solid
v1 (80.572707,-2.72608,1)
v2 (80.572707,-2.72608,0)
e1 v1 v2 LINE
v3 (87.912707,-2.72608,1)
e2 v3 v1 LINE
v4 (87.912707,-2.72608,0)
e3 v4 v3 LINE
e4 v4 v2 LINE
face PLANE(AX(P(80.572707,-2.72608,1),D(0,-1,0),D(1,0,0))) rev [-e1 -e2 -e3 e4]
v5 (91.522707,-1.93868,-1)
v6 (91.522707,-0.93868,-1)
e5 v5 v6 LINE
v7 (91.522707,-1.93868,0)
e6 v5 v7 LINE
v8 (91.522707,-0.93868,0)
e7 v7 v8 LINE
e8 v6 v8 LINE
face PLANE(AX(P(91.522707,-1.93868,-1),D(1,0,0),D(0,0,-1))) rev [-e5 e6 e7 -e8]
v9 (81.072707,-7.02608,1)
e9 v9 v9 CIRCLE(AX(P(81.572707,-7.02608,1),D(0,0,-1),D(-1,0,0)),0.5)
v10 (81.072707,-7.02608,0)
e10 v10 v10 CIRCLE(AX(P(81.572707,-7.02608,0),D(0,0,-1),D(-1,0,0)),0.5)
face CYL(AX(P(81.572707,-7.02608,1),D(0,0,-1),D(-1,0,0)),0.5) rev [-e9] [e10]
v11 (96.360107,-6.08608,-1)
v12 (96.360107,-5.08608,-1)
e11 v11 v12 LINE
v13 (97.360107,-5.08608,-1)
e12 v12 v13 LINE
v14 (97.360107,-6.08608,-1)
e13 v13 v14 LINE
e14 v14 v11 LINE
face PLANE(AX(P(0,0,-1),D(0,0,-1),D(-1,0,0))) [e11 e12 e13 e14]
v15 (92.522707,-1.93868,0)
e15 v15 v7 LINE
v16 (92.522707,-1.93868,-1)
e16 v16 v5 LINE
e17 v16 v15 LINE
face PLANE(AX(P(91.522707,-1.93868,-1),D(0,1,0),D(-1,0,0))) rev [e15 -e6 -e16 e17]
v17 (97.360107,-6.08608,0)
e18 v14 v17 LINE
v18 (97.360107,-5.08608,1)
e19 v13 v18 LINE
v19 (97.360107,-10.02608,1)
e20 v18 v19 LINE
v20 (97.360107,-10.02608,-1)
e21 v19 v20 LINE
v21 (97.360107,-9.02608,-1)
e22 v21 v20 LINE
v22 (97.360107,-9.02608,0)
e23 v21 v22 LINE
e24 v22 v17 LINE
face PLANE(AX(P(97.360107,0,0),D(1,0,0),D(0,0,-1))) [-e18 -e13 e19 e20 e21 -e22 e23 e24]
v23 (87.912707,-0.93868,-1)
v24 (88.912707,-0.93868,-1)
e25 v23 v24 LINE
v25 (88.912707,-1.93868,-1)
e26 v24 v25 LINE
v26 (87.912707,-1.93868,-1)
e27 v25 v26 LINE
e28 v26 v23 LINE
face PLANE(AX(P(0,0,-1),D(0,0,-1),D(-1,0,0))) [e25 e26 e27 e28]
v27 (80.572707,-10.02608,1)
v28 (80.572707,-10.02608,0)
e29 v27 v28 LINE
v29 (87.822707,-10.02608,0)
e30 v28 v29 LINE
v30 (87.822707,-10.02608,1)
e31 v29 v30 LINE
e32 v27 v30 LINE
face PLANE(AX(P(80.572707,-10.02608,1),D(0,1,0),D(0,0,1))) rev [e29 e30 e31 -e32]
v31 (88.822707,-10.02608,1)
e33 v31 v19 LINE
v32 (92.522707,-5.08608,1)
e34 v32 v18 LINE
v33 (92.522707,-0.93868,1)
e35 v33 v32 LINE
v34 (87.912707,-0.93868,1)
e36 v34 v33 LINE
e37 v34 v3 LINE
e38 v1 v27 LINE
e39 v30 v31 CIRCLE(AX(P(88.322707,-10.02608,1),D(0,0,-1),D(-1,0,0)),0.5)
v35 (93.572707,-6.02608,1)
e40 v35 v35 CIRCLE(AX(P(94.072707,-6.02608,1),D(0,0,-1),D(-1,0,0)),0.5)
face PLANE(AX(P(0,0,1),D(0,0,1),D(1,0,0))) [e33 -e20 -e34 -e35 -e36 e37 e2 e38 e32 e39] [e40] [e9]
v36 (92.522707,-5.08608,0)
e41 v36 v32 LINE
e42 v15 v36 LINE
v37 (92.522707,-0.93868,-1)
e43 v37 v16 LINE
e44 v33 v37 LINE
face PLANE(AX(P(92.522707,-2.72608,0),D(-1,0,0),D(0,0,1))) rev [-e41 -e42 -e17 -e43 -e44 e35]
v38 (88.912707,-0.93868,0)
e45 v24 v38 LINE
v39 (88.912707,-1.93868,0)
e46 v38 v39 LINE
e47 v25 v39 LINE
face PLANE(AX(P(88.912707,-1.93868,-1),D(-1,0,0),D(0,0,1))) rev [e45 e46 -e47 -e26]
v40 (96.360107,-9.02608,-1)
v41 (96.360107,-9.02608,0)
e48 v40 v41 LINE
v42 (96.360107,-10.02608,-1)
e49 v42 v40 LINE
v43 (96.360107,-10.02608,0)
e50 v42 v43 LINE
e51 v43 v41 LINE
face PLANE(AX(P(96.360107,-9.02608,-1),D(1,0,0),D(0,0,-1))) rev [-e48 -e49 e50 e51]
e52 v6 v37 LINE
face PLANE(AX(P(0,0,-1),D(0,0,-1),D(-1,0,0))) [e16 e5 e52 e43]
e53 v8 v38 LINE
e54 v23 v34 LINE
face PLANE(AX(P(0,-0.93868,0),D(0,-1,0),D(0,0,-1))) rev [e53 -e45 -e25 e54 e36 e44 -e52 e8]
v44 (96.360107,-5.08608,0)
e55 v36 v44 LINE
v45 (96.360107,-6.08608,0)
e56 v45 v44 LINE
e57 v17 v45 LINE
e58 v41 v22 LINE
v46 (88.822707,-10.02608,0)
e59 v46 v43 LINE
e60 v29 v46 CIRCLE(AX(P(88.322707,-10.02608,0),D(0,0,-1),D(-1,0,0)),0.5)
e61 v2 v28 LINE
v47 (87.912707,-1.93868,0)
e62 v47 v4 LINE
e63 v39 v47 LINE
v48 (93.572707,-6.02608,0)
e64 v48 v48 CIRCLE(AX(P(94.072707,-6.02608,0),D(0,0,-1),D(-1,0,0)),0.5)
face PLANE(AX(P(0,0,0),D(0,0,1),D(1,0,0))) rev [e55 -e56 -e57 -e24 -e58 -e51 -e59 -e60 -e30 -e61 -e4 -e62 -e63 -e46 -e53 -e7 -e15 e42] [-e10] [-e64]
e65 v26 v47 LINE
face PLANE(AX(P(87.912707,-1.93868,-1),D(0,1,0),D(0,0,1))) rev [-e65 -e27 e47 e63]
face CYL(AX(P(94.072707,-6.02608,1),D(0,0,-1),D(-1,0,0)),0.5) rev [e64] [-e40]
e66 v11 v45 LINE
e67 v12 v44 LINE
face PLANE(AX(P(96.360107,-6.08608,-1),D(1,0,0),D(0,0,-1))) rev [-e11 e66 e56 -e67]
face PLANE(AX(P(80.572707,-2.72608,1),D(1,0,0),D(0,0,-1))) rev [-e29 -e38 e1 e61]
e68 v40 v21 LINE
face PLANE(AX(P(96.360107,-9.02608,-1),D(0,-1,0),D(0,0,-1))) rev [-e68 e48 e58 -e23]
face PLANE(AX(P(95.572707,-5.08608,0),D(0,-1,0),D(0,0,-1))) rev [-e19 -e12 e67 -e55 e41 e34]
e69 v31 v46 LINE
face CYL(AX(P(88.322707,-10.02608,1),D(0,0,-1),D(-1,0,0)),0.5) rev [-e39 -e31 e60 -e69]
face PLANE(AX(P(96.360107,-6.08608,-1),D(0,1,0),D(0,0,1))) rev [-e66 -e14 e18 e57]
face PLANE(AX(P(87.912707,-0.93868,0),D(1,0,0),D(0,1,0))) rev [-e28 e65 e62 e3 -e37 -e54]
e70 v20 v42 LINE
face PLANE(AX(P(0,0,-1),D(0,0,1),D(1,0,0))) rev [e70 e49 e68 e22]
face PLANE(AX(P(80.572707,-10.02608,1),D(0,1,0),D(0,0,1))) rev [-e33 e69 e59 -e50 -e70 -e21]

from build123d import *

# Parameters (mm, degrees)
SKETCH1_W            = 15
SKETCH1_H            = 7.3
BOSS_EXTRUDE1_DEPTH  = 1
SKETCH2_W            = 3.05
SKETCH2_H            = 2.36
CUT_EXTRUDE1_DEPTH   = 1
SKETCH5_W            = 1
SKETCH5_H            = 4.94
ENGTH_EXTRUDE_DEPTH  = 1.7874
SKETCH6_W            = 4.61
SKETCH6_H            = 1
HEIGHT_EXTRUDE_DEPTH = 1.7874
SCREWS_R             = 0.5
CUT_EXTRUDE2_DEPTH   = 1
SKETCH8_W            = 1
SKETCH8_H            = 1
PINS_DEPTH           = 1


with BuildPart() as part:
    # Sketch1 → Boss-Extrude1 (new body)
    with BuildSketch(Plane.XY):
        with Locations((88.072707455, -6.376080206)):
            Rectangle(SKETCH1_W, SKETCH1_H)
    extrude(amount=BOSS_EXTRUDE1_DEPTH)

    # Sketch2 → Cut-Extrude1 (cut)
    with BuildSketch(Plane.XY.offset(1)):
        with Locations((94.047707455, -3.906080206)):
            Rectangle(SKETCH2_W, SKETCH2_H)
    extrude(amount=-CUT_EXTRUDE1_DEPTH, mode=Mode.SUBTRACT)

    # Sketch5 → :ength-Extrude (add)
    with BuildSketch(Plane(origin=(95.572707455, 0, 0), x_dir=(0, 0, -1), z_dir=(1, 0, 0))):
        with Locations((-0.5, -7.556080206)):
            Rectangle(SKETCH5_W, SKETCH5_H)
    extrude(amount=ENGTH_EXTRUDE_DEPTH)

    # Sketch6 → Height-Extrude (add)
    with BuildSketch(Plane(origin=(0, -2.726080206, 0), x_dir=(1, 0, 0), z_dir=(0, 1, 0))):
        with Locations((90.217707455, -0.5)):
            Rectangle(SKETCH6_W, SKETCH6_H)
    extrude(amount=HEIGHT_EXTRUDE_DEPTH)

    # Screws → Cut-Extrude2 (cut)
    with BuildSketch(Plane(origin=(0, 0, 0), x_dir=(-1, 0, 0), z_dir=(0, 0, -1))):
        with Locations((-81.572707455, -7.026080206)):
            Circle(SCREWS_R)
        with Locations((-88.322707455, -10.026080206)):
            Circle(SCREWS_R)
        with Locations((-94.072707455, -6.026080206)):
            Circle(SCREWS_R)
    extrude(amount=-CUT_EXTRUDE2_DEPTH, mode=Mode.SUBTRACT)

    # Sketch8 → Pins (add)
    with BuildSketch(Plane(origin=(0, 0, 0), x_dir=(-1, 0, 0), z_dir=(0, 0, -1))):
        with Locations((-92.022707455, -1.438680206)):
            Rectangle(SKETCH8_W, SKETCH8_H)
        with Locations((-88.412707455, -1.438680206)):
            Rectangle(SKETCH8_W, SKETCH8_H)
        with Locations((-96.860107455, -5.586080206)):
            Rectangle(SKETCH8_W, SKETCH8_H)
        with Locations((-96.860107455, -9.526080206)):
            Rectangle(SKETCH8_W, SKETCH8_H)
    extrude(amount=PINS_DEPTH)


solid = part.part
